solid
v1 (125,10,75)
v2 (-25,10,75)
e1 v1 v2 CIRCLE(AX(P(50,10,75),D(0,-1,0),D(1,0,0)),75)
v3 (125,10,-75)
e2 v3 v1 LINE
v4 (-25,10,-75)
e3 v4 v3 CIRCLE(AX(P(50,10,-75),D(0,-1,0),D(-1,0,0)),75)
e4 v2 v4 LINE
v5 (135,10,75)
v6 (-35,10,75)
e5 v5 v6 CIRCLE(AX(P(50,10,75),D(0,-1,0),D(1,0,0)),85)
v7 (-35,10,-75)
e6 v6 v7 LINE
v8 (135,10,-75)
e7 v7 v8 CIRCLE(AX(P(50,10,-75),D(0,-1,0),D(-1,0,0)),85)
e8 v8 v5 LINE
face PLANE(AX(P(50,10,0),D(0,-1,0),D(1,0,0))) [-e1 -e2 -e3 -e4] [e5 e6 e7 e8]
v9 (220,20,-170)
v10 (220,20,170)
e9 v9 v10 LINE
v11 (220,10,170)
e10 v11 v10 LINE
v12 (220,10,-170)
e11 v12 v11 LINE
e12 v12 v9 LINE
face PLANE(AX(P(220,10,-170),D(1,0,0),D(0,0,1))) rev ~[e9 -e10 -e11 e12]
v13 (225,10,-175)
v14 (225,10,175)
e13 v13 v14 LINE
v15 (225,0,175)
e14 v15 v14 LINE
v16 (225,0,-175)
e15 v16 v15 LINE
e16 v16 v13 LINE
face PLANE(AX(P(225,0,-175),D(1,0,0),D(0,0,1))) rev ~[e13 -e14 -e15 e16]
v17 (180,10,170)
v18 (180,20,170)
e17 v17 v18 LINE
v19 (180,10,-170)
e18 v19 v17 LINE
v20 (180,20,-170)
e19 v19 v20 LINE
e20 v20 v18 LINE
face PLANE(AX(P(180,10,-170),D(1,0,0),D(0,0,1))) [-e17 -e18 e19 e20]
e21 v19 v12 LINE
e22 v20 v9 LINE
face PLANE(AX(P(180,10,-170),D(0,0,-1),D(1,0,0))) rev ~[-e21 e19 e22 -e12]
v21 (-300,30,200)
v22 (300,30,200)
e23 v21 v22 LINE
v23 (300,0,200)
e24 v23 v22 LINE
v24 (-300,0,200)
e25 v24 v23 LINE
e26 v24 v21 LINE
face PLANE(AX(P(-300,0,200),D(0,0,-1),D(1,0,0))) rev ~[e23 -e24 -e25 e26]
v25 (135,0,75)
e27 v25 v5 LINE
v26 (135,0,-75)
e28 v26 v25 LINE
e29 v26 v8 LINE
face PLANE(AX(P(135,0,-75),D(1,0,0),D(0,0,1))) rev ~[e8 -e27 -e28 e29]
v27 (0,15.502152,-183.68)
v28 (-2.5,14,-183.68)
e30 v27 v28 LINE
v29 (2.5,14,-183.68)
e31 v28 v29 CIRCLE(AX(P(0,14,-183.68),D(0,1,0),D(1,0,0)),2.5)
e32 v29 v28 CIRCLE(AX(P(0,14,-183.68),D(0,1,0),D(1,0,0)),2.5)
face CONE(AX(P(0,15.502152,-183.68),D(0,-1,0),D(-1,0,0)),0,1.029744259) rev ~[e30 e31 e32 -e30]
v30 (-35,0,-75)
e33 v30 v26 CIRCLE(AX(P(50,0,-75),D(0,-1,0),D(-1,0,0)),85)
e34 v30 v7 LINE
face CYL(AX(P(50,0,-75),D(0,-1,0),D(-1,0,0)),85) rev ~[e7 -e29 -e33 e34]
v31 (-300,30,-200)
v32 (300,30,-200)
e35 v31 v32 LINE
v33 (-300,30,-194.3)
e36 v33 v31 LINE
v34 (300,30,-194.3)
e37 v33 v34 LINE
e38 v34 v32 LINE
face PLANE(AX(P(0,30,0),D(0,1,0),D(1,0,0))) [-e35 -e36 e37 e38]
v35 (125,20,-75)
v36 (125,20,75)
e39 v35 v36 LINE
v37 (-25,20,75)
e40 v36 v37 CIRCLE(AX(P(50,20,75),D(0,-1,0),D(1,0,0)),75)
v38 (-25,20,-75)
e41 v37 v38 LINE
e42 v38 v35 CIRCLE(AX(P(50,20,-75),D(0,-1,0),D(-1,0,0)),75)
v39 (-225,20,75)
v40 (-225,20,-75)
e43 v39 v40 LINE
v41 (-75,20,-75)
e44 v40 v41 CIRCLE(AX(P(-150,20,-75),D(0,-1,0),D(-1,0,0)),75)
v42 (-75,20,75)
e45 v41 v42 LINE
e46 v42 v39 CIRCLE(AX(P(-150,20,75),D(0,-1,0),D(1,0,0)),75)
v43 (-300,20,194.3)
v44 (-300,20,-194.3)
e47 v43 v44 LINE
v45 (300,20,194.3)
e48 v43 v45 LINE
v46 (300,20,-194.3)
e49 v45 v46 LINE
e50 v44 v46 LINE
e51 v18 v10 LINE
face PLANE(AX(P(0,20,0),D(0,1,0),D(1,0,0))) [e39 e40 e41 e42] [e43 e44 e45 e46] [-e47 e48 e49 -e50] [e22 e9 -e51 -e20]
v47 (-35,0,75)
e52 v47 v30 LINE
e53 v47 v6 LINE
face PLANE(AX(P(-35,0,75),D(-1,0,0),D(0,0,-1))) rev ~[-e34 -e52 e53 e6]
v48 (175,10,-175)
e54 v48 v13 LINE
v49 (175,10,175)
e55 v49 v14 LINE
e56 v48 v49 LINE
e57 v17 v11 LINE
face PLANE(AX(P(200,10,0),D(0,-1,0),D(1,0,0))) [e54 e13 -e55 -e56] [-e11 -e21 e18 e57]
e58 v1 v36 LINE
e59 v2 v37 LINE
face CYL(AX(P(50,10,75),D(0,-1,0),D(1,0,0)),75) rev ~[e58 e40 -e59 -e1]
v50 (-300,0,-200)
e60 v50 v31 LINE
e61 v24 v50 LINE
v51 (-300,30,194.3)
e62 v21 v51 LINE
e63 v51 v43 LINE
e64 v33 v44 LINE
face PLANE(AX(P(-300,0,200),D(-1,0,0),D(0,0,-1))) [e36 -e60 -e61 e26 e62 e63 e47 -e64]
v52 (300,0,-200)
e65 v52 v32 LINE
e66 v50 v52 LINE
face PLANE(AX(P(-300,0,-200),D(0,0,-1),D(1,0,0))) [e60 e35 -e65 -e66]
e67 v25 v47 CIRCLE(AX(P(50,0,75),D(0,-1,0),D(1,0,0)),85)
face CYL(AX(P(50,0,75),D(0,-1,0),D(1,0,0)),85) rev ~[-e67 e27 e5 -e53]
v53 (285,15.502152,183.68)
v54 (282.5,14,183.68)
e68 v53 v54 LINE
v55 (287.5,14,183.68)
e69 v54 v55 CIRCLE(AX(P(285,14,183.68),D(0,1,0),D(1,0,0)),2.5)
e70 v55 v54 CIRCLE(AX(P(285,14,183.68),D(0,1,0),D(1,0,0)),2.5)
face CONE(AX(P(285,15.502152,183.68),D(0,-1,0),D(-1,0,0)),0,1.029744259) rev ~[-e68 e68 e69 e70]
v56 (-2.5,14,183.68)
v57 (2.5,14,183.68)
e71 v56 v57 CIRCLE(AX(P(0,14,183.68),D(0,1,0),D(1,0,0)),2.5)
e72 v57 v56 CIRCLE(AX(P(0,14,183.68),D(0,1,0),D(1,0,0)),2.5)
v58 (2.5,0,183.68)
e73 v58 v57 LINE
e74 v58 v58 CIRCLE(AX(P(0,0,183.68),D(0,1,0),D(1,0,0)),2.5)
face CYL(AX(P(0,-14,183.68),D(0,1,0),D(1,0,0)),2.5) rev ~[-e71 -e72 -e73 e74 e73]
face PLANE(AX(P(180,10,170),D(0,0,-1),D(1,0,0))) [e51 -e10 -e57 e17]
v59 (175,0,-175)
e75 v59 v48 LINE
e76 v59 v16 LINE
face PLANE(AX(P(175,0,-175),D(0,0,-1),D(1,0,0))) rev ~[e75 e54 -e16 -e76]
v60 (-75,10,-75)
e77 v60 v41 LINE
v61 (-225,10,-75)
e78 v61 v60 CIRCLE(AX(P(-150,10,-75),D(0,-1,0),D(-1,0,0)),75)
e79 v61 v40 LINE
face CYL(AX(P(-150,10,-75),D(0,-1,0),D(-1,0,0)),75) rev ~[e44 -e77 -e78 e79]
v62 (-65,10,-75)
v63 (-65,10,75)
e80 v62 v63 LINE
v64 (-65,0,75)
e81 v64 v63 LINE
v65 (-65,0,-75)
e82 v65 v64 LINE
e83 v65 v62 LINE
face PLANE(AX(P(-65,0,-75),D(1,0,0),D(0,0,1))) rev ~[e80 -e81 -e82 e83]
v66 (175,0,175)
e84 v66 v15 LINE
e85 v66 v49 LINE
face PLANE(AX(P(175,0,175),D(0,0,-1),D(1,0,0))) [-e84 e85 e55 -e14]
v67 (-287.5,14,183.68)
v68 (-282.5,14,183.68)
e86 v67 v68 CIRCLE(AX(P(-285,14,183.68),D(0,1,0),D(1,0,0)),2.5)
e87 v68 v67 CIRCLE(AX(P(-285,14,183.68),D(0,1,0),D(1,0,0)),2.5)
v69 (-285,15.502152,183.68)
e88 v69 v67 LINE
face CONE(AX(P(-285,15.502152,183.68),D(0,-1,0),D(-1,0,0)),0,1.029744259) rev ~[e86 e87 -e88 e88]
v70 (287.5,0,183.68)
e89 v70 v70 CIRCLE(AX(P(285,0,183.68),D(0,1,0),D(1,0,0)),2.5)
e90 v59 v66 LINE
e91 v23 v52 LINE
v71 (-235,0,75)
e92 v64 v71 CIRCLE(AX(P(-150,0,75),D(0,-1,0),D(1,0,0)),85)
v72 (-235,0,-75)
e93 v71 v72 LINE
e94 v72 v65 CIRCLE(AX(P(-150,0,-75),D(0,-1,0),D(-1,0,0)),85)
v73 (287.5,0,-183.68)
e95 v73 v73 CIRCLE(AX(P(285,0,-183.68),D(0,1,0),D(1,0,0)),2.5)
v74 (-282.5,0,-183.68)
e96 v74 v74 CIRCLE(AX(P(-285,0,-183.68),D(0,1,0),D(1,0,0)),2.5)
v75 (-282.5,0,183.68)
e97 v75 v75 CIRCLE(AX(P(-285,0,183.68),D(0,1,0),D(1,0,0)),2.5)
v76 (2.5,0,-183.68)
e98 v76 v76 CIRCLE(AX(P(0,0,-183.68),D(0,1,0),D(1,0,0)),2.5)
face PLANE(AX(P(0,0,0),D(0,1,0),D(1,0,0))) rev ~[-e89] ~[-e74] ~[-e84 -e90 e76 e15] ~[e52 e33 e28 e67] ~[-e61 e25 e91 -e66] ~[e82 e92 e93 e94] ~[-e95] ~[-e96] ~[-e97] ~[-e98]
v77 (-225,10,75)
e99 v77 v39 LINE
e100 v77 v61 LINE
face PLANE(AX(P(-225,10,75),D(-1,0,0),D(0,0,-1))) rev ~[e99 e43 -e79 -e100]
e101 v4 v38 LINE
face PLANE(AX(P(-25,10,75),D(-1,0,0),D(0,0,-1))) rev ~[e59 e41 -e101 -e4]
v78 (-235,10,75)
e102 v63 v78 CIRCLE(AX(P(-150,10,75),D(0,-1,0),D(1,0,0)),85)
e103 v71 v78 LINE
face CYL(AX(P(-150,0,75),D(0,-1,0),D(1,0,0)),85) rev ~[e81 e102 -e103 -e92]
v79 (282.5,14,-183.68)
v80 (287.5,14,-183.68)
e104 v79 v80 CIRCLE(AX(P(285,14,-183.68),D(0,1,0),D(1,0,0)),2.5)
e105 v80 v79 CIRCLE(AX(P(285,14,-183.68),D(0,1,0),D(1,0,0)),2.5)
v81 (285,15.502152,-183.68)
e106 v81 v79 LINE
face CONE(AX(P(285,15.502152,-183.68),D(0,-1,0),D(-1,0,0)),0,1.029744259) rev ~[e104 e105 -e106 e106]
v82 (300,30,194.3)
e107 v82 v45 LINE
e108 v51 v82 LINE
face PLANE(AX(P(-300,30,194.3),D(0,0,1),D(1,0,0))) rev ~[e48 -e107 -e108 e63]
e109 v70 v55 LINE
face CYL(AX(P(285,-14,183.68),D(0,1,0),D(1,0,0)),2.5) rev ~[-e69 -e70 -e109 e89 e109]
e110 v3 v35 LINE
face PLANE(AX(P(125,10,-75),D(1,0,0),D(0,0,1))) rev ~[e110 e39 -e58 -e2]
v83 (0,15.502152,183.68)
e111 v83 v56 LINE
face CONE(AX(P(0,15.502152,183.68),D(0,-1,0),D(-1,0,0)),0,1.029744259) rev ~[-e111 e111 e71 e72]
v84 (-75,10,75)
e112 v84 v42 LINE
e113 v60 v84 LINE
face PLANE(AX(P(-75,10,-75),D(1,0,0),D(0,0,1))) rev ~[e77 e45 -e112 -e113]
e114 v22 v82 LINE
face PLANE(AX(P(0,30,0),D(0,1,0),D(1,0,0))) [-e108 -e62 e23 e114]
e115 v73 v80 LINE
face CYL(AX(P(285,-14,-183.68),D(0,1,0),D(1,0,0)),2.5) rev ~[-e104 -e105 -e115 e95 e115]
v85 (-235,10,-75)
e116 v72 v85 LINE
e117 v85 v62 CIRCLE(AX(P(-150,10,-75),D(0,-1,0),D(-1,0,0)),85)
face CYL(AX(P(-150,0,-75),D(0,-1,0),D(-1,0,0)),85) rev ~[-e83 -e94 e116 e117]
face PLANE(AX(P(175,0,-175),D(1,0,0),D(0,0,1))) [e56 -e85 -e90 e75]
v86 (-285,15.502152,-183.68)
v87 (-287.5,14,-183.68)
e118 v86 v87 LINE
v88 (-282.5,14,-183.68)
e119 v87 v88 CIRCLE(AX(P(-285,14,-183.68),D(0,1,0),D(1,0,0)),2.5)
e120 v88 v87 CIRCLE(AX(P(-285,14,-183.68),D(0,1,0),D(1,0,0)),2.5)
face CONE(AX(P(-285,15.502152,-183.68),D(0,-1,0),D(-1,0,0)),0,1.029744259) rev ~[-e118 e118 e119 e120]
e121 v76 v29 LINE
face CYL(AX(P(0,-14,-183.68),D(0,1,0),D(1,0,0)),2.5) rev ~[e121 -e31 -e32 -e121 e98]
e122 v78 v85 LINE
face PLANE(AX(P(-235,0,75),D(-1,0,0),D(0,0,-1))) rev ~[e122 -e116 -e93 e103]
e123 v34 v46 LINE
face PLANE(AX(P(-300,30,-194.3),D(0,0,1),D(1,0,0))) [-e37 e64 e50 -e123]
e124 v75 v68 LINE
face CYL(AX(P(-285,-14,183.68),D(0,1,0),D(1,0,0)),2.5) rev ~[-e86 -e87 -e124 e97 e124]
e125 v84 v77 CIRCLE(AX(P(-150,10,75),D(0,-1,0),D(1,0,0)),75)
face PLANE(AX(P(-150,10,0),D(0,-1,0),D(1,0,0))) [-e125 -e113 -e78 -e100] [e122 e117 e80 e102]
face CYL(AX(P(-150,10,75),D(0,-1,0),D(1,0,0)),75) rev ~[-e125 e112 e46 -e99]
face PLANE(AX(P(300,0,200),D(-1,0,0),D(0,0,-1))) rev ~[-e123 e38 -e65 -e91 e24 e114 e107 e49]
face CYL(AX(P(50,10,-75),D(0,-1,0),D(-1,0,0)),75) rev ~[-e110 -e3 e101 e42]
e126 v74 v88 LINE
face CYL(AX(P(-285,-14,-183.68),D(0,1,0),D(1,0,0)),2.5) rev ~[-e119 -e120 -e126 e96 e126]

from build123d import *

# Parameters (mm, degrees)
SKETCH_1_W             = 600
SKETCH_1_H             = 400
EXTRUDE_1_DEPTH        = 30
SKETCH_2_W             = 600
SKETCH_2_H             = 388.6
CUT_EXTRUDE_1_DEPTH    = 10
SKETCH_3_W             = 50
SKETCH_3_H             = 350
CUT_EXTRUDE_2_DEPTH    = 10
SKETCH_4_W             = 40
SKETCH_4_H             = 340
CUT_EXTRUDE_3_DEPTH    = 10
HOLE_WIZARD_M6_1_D     = 5
HOLE_WIZARD_M6_1_DEPTH = 14
HOLE_WIZARD_M6_1_TIP   = 1.502151548


with BuildPart() as part:
    # 草图1 → 凸台-拉伸1 (new body)
    with BuildSketch(Plane(origin=(0, 0, 0), x_dir=(1, 0, 0), z_dir=(0, 1, 0))):
        Rectangle(SKETCH_1_W, SKETCH_1_H)
    extrude(amount=EXTRUDE_1_DEPTH)

    # 草图2 → 切除-拉伸1 (cut)
    with BuildSketch(Plane(origin=(0, 30, 0), x_dir=(1, 0, 0), z_dir=(0, 1, 0))):
        Rectangle(SKETCH_2_W, SKETCH_2_H)
    extrude(amount=-CUT_EXTRUDE_1_DEPTH, mode=Mode.SUBTRACT)

    # 草图3 → 切除-拉伸2 (cut)
    with BuildSketch(Plane.XZ):
        with Locations((200, 0)):
            Rectangle(SKETCH_3_W, SKETCH_3_H)
        with BuildLine():
            Line((-235, 75), (-235, -75))
            ThreePointArc((-235, -75), (-150, -160), (-65, -75))
            Line((-65, -75), (-65, 75))
            ThreePointArc((-65, 75), (-150, 160), (-235, 75))
        make_face()
        with BuildLine():
            Line((-35, 75), (-35, -75))
            ThreePointArc((-35, -75), (50, -160), (135, -75))
            Line((135, -75), (135, 75))
            ThreePointArc((135, 75), (50, 160), (-35, 75))
        make_face()
    extrude(amount=-CUT_EXTRUDE_2_DEPTH, mode=Mode.SUBTRACT)

    # 草图4 → 切除-拉伸3 (cut)
    with BuildSketch(Plane.XZ.offset(-10)):
        with Locations((200, 0)):
            Rectangle(SKETCH_4_W, SKETCH_4_H)
        with BuildLine():
            Line((-225, 75), (-225, -75))
            ThreePointArc((-225, -75), (-150, -150), (-75, -75))
            Line((-75, -75), (-75, 75))
            ThreePointArc((-75, 75), (-150, 150), (-225, 75))
        make_face()
        with BuildLine():
            Line((-25, 75), (-25, -75))
            ThreePointArc((-25, -75), (50, -150), (125, -75))
            Line((125, -75), (125, 75))
            ThreePointArc((125, 75), (50, 150), (-25, 75))
        make_face()
    extrude(amount=-CUT_EXTRUDE_3_DEPTH, mode=Mode.SUBTRACT)

    # M6 螺纹孔1
    with Locations(Plane(origin=(0, 0, 0), x_dir=(-1, 0, 0), z_dir=(0, -1, 0))):
        with Locations((285, -183.68), (0, -183.68), (-285, -183.68), (-285, 183.68), (0, 183.68), (285, 183.68)):
            Hole(HOLE_WIZARD_M6_1_D / 2, depth=HOLE_WIZARD_M6_1_DEPTH)
            with Locations((0, 0, -(HOLE_WIZARD_M6_1_DEPTH + HOLE_WIZARD_M6_1_TIP / 2))):  # 118° drill point
                Cone(0, HOLE_WIZARD_M6_1_D / 2, HOLE_WIZARD_M6_1_TIP, mode=Mode.SUBTRACT)


solid = part.part
